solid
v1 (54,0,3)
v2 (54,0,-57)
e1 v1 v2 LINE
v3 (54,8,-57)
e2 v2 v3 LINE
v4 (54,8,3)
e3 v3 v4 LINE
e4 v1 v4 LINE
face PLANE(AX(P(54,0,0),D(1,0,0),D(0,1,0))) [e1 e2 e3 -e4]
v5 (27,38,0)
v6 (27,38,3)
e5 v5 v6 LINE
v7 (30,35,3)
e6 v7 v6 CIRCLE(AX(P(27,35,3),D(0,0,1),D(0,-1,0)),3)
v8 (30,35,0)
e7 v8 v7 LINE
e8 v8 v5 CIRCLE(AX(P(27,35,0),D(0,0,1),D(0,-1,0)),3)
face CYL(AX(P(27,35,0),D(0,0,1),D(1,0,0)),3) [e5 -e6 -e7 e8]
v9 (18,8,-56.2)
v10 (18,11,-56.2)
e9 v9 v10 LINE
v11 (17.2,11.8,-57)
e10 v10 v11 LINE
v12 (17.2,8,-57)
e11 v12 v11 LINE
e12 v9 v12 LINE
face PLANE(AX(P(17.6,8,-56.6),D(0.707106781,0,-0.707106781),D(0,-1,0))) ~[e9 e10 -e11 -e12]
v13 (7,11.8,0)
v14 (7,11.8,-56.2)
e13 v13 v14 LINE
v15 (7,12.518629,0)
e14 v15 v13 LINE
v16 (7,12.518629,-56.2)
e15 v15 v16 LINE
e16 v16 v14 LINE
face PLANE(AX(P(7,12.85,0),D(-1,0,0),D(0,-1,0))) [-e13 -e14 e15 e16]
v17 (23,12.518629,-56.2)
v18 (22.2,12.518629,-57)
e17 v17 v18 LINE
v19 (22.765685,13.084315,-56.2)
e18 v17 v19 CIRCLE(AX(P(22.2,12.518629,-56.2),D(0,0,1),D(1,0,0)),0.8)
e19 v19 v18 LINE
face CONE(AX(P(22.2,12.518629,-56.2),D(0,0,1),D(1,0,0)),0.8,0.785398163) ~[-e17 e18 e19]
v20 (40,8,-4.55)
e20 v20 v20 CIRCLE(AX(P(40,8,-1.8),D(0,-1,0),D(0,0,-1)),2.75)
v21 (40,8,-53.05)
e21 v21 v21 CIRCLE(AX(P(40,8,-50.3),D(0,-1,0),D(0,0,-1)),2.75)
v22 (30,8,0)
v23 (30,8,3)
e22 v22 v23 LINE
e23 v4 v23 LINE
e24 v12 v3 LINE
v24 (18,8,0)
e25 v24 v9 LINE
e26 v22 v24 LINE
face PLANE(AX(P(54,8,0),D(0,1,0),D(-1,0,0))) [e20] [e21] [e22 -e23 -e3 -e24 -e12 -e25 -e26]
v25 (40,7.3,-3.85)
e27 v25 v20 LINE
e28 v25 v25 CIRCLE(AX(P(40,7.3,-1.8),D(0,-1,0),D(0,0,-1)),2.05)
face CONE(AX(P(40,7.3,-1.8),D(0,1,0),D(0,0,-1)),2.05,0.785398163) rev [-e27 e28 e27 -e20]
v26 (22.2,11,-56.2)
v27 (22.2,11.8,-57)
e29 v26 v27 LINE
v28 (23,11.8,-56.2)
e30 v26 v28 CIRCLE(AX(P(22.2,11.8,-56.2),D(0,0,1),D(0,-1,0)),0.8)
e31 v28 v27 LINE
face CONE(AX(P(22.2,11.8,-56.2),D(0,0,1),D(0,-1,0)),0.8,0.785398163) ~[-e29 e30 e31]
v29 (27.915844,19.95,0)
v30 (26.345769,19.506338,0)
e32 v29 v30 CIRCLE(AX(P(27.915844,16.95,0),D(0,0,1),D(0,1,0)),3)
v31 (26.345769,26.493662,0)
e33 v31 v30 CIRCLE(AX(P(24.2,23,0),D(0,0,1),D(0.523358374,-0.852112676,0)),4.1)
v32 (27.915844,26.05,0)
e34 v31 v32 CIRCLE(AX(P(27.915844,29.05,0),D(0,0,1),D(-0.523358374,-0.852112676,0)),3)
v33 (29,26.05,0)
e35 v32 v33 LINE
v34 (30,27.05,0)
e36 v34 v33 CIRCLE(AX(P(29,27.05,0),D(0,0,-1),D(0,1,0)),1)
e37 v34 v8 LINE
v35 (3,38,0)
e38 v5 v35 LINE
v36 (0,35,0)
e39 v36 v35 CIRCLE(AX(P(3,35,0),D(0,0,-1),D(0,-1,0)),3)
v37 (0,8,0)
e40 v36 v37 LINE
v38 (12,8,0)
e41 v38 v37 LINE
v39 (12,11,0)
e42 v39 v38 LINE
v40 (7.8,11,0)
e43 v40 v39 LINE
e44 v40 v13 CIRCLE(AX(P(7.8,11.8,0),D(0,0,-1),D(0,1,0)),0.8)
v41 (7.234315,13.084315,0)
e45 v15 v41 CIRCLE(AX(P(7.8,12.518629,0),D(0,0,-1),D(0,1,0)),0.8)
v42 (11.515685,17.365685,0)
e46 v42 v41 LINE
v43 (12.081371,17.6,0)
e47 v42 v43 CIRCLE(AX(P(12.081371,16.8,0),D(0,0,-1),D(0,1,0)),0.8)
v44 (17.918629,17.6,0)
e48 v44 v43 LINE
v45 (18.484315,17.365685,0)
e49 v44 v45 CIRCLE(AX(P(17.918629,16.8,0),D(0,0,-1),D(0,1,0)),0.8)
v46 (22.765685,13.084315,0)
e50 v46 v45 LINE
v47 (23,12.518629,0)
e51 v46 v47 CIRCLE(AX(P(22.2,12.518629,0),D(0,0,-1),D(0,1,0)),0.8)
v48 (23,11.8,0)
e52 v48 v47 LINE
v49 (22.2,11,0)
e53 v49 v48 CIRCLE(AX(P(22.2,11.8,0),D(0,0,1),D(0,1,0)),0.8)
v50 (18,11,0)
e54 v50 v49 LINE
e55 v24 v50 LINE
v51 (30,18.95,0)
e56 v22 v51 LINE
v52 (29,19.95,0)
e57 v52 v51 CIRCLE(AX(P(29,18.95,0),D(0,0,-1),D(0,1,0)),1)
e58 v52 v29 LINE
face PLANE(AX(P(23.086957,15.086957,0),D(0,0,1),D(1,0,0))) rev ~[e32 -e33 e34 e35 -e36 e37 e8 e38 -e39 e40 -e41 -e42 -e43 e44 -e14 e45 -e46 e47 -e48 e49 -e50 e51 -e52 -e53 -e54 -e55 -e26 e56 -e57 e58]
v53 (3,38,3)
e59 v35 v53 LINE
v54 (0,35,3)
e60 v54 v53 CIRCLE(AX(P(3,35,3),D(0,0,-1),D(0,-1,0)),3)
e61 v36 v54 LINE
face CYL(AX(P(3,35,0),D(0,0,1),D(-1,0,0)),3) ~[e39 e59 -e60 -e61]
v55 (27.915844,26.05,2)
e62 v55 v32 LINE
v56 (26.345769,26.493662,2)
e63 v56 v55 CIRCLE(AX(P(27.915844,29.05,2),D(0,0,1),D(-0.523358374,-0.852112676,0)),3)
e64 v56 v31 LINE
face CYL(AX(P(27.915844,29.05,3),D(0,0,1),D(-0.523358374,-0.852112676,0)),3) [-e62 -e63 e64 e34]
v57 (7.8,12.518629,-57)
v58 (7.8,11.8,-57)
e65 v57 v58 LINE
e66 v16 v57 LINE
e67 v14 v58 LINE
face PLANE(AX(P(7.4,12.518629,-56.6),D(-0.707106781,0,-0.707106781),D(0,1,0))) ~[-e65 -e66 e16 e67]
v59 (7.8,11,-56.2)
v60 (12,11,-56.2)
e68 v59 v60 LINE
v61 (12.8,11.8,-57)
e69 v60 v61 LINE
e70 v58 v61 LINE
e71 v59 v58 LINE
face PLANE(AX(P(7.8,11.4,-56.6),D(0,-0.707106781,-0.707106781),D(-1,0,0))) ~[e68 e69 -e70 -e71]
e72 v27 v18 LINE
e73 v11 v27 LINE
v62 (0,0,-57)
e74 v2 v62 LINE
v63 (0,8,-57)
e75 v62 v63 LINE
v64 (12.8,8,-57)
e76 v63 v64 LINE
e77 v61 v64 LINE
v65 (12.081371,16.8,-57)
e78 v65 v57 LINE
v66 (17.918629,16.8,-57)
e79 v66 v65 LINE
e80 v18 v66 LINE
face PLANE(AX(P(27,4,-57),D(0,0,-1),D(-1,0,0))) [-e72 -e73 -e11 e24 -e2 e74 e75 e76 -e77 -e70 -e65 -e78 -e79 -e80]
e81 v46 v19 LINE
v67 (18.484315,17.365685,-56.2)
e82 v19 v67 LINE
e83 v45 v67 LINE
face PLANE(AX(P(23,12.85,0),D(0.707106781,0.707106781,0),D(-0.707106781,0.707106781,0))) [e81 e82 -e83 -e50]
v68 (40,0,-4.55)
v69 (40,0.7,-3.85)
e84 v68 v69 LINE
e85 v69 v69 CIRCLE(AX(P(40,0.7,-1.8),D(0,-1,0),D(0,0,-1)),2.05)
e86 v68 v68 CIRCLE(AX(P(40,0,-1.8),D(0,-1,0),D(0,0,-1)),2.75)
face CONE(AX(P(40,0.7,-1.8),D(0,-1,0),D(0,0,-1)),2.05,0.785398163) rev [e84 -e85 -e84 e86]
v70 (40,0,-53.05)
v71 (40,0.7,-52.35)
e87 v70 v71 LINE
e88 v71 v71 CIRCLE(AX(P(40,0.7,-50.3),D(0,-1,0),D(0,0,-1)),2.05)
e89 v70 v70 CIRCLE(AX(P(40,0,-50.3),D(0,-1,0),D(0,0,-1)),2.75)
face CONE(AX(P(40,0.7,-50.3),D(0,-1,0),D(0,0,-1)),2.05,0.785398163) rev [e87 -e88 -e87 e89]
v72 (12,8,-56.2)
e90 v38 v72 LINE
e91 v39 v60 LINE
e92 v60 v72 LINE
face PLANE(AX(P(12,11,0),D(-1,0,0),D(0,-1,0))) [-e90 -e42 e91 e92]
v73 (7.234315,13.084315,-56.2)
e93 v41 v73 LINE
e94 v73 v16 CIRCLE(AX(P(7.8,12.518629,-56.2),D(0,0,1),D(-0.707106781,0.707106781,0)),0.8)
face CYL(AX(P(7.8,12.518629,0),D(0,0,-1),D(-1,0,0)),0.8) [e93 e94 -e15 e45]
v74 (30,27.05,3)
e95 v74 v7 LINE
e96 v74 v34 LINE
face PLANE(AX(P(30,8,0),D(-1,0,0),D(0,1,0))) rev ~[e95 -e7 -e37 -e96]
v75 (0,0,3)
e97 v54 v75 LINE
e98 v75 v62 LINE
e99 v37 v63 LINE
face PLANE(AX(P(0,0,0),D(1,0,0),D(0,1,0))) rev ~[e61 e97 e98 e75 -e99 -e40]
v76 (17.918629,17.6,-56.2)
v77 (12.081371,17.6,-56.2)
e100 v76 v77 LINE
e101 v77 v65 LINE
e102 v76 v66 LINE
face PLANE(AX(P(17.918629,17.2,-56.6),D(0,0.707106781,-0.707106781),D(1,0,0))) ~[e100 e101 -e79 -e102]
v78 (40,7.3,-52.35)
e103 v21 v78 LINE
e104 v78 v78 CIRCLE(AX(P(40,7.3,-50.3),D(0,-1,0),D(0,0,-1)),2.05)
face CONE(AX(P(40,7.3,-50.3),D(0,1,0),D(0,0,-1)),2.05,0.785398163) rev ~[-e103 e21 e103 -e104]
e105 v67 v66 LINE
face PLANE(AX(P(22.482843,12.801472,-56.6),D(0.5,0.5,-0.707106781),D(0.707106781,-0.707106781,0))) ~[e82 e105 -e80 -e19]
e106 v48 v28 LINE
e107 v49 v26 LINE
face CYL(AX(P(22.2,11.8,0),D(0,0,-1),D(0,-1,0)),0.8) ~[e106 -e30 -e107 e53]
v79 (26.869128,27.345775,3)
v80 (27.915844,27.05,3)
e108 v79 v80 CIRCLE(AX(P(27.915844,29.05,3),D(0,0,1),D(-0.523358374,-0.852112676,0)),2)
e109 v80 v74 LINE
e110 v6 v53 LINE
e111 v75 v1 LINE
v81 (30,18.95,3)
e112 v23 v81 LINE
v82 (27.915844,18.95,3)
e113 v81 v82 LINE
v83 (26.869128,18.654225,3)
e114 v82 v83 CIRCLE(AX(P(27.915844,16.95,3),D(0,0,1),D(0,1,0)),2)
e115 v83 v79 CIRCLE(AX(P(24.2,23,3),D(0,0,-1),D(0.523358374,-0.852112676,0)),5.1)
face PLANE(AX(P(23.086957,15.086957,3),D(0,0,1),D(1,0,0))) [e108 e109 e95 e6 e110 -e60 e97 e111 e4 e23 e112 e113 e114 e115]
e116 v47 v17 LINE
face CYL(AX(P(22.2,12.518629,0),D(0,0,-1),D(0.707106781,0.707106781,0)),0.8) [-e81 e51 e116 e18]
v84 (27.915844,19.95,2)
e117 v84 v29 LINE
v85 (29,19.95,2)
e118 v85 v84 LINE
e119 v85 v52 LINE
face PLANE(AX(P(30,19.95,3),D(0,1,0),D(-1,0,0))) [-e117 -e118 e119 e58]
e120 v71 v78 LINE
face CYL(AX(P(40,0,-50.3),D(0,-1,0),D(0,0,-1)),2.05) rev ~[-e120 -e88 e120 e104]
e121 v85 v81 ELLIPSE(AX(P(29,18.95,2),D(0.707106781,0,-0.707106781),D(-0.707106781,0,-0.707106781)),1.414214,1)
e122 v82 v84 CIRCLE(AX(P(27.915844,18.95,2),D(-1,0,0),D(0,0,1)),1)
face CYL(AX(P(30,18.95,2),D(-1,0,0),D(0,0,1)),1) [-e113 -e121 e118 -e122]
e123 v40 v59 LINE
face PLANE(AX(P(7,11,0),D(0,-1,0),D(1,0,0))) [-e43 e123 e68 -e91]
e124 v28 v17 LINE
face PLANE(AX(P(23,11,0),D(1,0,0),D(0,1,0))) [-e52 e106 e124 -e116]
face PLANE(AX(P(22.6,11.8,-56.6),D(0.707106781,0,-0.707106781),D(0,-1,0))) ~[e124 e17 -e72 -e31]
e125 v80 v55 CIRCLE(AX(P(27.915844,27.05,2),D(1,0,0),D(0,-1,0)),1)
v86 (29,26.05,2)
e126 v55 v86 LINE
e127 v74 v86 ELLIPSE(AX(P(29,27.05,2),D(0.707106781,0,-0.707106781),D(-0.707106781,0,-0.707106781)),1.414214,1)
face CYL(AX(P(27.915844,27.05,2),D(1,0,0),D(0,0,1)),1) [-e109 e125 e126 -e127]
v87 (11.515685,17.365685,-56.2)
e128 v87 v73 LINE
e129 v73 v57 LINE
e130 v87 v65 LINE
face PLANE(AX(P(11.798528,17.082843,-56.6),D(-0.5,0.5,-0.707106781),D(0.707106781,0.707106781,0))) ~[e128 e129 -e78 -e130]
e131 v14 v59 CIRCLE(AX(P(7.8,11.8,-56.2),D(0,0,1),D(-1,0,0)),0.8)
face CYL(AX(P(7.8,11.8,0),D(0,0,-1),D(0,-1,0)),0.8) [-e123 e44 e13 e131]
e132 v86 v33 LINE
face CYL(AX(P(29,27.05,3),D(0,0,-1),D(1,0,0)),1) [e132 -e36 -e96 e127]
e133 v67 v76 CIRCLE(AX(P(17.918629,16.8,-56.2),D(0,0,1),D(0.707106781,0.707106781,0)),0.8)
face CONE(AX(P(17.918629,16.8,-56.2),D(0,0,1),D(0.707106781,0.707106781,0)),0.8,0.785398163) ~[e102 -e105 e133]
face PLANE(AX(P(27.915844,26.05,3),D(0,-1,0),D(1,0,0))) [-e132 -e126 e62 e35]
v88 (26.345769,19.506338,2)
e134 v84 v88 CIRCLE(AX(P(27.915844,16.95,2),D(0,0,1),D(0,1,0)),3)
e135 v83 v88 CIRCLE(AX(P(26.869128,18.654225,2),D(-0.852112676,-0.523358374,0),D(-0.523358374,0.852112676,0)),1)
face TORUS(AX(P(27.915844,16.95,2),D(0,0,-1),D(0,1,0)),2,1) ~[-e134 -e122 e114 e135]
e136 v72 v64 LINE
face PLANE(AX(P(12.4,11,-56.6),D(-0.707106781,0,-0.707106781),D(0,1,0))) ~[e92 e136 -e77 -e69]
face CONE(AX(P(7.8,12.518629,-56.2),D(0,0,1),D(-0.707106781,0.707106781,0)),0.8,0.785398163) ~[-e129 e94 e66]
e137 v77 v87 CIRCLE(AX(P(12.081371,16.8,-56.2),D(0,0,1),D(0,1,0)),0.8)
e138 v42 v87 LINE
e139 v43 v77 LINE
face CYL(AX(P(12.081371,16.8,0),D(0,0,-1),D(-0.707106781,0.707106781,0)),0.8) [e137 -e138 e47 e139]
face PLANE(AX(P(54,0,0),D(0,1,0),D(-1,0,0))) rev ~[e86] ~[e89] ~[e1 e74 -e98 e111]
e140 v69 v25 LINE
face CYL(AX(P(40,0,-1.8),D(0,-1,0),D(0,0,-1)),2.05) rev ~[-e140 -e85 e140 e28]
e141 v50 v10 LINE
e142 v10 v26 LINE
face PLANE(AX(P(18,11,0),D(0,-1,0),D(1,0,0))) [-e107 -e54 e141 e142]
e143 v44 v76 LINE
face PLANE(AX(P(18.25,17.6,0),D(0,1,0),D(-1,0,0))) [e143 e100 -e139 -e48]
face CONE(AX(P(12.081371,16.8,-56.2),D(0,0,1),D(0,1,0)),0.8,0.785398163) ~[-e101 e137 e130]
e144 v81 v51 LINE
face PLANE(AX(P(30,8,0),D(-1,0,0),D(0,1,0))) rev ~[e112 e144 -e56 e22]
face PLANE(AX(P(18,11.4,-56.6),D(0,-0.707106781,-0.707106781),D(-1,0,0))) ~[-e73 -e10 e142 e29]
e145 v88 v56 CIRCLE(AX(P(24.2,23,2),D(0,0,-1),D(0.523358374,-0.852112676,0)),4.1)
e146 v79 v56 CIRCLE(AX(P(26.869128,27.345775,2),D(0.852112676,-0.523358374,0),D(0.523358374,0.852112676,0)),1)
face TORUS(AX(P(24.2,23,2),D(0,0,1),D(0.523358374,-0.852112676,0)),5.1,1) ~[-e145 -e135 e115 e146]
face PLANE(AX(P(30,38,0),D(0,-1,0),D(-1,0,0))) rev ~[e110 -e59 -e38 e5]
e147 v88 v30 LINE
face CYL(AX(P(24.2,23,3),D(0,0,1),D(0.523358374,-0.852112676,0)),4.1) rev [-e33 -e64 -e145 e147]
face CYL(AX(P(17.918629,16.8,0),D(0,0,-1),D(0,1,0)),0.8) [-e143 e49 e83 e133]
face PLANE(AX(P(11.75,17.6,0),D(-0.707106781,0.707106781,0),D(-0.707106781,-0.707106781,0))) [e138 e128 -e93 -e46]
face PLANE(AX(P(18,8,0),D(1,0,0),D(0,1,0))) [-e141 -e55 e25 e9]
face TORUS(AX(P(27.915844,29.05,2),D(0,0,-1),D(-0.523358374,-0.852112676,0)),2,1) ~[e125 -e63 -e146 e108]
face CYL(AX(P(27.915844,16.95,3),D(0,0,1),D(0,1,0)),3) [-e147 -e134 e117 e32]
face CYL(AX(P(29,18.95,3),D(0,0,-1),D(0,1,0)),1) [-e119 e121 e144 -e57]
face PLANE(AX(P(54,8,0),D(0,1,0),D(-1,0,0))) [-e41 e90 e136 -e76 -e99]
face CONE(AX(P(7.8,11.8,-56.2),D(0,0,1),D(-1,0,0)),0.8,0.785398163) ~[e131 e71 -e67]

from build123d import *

# Parameters (mm, degrees)
BOSS_EXTRUDE1_DEPTH = 3
SKETCH2_W           = 54
SKETCH2_H           = 8
BOSS_EXTRUDE2_DEPTH = 57
SKETCH3_R           = 2.05
CUT_EXTRUDE1_DEPTH  = 57
BOSS_EXTRUDE3_DEPTH = 57
FILLET1_R           = 3
CUT_EXTRUDE2_DEPTH  = 6
FILLET2_R           = 1
FILLET3_R           = 0.8
CHAMFER1_SIZE       = 0.8
CHAMFER2_SIZE       = 0.7


with BuildPart() as part:
    # Sketch1 → Boss-Extrude1 (new body)
    with BuildSketch(Plane.XY):
        Polygon((54, 0), (54, 8), (30, 8), (30, 38), (0, 38), (0, 0), align=None)
    extrude(amount=BOSS_EXTRUDE1_DEPTH)

    # Sketch2 → Boss-Extrude2 (add)
    with BuildSketch(Plane(origin=(0, 0, 0), x_dir=(-1, 0, 0), z_dir=(0, 0, -1))):
        with Locations((-27, 4)):
            Rectangle(SKETCH2_W, SKETCH2_H)
    extrude(amount=BOSS_EXTRUDE2_DEPTH)

    # Sketch3 → Cut-Extrude1 (cut)
    with BuildSketch(Plane.XZ):
        with Locations(Location((40, -1.8, 0), (0, 0, 270))):
            Circle(SKETCH3_R)
        with Locations(Location((40, -50.3, 0), (0, 0, 270))):
            Circle(SKETCH3_R)
    extrude(amount=-CUT_EXTRUDE1_DEPTH, mode=Mode.SUBTRACT)

    # Sketch4 → Boss-Extrude3 (add)
    with BuildSketch(Plane(origin=(0, 0, 0), x_dir=(-1, 0, 0), z_dir=(0, 0, -1))):
        Polygon((-18, 8), (-18, 11), (-23, 11), (-23, 12.85), (-18.25, 17.6), (-11.75, 17.6), (-7, 12.85), (-7, 11), (-12, 11), (-12, 8), align=None)
    extrude(amount=BOSS_EXTRUDE3_DEPTH)

    # Fillet1
    fillet1_edges = [part.edges().sort_by_distance(p)[0] for p in [
        (0, 38, 1.5),
        (30, 38, 1.5),
    ]]
    fillet(fillet1_edges, radius=FILLET1_R)

    # Sketch5 → Cut-Extrude2 (cut)
    with BuildSketch(Plane.XY.offset(3)):
        with BuildLine():
            Line((27.915844453, 26.05), (30, 26.05))
            Line((30, 26.05), (30, 19.95))
            Line((30, 19.95), (27.915844453, 19.95))
            ThreePointArc((27.915844453, 19.95), (27.100066936, 19.836954631), (26.345769332, 19.506338028))
            ThreePointArc((26.345769332, 19.506338028), (20.1, 23), (26.345769332, 26.493661972))
            ThreePointArc((26.345769332, 26.493661972), (27.100066936, 26.163045369), (27.915844453, 26.05))
        make_face()
    extrude(amount=-CUT_EXTRUDE2_DEPTH, mode=Mode.SUBTRACT)

    # Fillet2
    fillet2_edges = [part.edges().sort_by_distance(p)[0] for p in [
        (30, 26.05, 1.5),
        (30, 19.95, 1.5),
        (28.957922227, 26.05, 3),
        (27.100066936, 26.163045369, 3),
        (20.1, 23, 3),
        (27.100066936, 19.836954631, 3),
        (28.957922227, 19.95, 3),
    ]]
    fillet(fillet2_edges, radius=FILLET2_R)

    # Fillet3
    fillet3_edges = [part.edges().sort_by_distance(p)[0] for p in [
        (7, 11, -28.5),
        (7, 12.85, -28.5),
        (11.75, 17.6, -28.5),
        (18.25, 17.6, -28.5),
        (23, 12.85, -28.5),
        (23, 11, -28.5),
    ]]
    fillet(fillet3_edges, radius=FILLET3_R)

    # Chamfer1
    chamfer1_edges = [part.edges().sort_by_distance(p)[0] for p in [
        (20.1, 11, -57),
        (23, 12.159314575, -57),
        (7, 12.159314575, -57),
        (9.375, 15.225, -57),
        (15, 17.6, -57),
        (20.625, 15.225, -57),
        (22.939103626, 12.824775896, -57),
        (18.224775896, 17.539103626, -57),
        (11.775224104, 17.539103626, -57),
        (7.060896374, 12.824775896, -57),
        (7.234314575, 11.234314575, -57),
        (22.765685425, 11.234314575, -57),
        (12, 9.5, -57),
        (9.9, 11, -57),
        (18, 9.5, -57),
    ]]
    chamfer(chamfer1_edges, length=CHAMFER1_SIZE)

    # Chamfer2
    chamfer2_edges = [part.edges().sort_by_distance(p)[0] for p in [
        (40, 8, -48.25),
        (40, 0, -48.25),
        (40, 8, 0.25),
        (40, 0, 0.25),
    ]]
    chamfer(chamfer2_edges, length=CHAMFER2_SIZE)


solid = part.part
